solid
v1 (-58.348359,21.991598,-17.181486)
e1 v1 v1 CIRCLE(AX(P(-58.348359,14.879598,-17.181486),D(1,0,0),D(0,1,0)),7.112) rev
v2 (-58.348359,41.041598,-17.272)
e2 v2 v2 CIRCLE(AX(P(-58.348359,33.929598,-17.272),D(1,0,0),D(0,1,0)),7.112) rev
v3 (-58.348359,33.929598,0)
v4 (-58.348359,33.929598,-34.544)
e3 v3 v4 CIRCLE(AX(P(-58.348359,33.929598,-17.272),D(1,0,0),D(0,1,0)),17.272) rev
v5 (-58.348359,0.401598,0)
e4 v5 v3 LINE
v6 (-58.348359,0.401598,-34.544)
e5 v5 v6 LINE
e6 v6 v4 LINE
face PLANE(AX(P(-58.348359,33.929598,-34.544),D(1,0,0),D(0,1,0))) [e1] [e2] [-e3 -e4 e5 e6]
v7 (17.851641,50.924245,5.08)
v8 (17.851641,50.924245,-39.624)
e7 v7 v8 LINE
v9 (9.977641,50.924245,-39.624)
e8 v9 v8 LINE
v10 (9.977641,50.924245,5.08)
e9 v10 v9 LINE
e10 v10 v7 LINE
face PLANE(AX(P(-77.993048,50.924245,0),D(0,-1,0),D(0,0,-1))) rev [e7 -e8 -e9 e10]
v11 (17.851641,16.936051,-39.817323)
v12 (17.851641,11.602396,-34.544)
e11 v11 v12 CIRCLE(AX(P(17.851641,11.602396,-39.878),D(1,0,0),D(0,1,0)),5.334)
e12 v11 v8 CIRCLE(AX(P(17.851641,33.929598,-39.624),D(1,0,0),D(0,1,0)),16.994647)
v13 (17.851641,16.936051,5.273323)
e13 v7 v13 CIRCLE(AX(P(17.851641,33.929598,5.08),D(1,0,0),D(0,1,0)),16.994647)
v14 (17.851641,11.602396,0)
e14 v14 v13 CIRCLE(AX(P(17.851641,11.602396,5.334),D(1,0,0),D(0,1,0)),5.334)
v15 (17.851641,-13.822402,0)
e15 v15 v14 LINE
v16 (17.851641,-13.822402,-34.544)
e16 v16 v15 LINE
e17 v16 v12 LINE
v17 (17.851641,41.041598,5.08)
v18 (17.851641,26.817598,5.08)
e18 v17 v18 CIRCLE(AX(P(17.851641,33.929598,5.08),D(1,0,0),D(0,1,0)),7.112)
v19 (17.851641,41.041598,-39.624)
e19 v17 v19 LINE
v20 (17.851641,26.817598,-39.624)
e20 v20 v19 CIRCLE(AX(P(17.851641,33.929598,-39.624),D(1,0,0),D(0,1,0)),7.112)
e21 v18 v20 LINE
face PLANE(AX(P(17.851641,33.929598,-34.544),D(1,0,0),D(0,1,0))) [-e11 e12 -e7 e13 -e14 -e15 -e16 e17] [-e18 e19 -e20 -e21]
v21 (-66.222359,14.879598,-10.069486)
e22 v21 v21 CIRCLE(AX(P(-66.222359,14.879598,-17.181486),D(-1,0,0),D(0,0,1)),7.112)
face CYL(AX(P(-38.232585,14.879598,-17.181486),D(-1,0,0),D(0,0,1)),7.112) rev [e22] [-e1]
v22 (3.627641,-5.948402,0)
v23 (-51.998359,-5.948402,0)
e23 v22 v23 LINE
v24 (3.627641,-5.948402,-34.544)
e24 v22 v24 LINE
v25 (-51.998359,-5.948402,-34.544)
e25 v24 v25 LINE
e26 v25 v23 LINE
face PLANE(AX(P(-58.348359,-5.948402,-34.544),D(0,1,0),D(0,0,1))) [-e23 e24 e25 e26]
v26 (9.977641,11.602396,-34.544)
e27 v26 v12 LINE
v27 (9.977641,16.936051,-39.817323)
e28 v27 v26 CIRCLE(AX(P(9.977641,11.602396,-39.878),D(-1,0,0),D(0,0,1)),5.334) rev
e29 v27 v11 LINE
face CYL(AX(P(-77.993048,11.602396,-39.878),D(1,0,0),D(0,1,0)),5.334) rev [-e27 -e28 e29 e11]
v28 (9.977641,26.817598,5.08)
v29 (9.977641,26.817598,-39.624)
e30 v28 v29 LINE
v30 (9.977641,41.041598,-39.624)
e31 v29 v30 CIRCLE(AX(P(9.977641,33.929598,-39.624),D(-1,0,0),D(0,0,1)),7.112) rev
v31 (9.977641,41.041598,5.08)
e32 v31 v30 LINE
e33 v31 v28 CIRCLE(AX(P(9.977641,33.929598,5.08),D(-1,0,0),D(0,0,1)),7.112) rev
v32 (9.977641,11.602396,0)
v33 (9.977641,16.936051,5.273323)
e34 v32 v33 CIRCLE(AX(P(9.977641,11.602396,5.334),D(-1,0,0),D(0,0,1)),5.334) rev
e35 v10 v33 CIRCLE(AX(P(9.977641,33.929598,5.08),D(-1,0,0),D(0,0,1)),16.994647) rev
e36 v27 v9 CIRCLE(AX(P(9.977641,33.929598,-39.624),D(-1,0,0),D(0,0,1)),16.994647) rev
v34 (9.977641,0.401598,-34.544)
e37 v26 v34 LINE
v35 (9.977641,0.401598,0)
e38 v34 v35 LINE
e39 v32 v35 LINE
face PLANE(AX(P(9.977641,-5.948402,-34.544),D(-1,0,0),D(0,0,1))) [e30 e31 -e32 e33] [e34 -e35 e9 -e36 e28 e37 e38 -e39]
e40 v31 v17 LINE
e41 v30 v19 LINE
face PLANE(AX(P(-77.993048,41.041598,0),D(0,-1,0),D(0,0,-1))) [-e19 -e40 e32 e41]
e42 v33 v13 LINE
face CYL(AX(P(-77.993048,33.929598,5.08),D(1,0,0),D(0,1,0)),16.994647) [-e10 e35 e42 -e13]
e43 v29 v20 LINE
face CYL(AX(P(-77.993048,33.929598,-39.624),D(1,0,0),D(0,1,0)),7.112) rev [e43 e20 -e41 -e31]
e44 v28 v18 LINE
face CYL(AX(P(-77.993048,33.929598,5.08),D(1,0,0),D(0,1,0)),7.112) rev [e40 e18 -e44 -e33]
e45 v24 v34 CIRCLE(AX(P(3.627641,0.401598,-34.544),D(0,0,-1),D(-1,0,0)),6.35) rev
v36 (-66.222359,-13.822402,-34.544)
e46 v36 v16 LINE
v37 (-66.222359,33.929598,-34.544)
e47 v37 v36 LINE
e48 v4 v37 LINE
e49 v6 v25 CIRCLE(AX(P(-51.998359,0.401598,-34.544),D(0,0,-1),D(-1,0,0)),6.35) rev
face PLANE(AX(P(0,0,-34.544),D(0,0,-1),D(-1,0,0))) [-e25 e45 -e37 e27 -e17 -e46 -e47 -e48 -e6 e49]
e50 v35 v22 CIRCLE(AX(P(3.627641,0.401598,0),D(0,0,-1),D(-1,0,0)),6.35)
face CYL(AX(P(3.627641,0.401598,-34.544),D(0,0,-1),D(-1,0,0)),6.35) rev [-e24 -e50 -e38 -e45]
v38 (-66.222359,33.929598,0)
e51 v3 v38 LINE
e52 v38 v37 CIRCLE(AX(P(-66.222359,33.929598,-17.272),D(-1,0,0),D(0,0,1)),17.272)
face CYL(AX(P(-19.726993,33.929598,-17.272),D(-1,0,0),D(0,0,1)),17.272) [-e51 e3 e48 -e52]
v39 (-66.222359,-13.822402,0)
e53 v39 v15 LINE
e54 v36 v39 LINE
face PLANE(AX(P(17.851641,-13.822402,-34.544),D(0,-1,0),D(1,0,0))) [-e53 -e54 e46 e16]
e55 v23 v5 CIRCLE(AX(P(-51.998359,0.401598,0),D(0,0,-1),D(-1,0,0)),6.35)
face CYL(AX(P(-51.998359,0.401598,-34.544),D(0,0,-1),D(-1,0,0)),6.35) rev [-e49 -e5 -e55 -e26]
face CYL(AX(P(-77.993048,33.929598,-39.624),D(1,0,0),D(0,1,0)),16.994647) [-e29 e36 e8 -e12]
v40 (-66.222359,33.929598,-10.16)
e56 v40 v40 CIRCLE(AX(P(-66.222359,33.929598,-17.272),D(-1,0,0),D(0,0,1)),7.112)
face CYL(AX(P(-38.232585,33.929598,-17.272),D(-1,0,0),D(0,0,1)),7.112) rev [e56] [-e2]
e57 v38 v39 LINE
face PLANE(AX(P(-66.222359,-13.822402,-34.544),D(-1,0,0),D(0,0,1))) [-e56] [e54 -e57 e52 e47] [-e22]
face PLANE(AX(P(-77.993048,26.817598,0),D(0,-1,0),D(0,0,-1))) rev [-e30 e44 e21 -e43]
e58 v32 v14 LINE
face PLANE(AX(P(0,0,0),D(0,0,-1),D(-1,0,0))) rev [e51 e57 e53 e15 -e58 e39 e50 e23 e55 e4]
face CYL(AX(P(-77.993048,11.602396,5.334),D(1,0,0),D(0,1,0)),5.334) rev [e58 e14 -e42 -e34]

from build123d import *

# Parameters (mm, degrees)
BOSS_EXTRUDE1_DEPTH = 34.544
SKETCH2_R           = 7.112
CUT_EXTRUDE1_DEPTH  = 7.874
BOSS_EXTRUDE2_DEPTH = 7.874
BOSS_EXTRUDE3_DEPTH = 7.874
SKETCH3_3_W         = 34.544
SKETCH3_3_H         = 7.112
CUT_EXTRUDE2_DEPTH  = 34.544
FILLET1_R           = 6.35


with BuildPart() as part:
    # Sketch1 → Boss-Extrude1 (new body)
    with BuildSketch(Plane.XY):
        Polygon((-66.222358974, 33.929598007), (-58.348358974, 33.929598007), (-58.348358974, -5.948401993), (9.977641026, -5.948401993), (9.977641026, 33.929598007), (17.851641026, 33.929598007), (17.851641026, -13.822401993), (-66.222358974, -13.822401993), align=None)
    extrude(amount=-BOSS_EXTRUDE1_DEPTH)

    # Sketch2 → Cut-Extrude1 (cut)
    with BuildSketch(Plane.ZY.offset(66.222358974)):
        with Locations((-17.272, 33.929598007)):
            Circle(SKETCH2_R)
        with Locations((-17.181485908, 14.879598007)):
            Circle(SKETCH2_R)
    extrude(amount=-CUT_EXTRUDE1_DEPTH, mode=Mode.SUBTRACT)

    # Sketch2<3> → Boss-Extrude2 (add)
    with BuildSketch(Plane.ZY.offset(66.222358974)):
        with BuildLine():
            Line((-10.16, 33.929598007), (0, 33.929598007))
            ThreePointArc((0, 33.929598007), (-17.272, 51.201598007), (-34.544, 33.929598007))
            Line((-34.544, 33.929598007), (-24.384, 33.929598007))
            ThreePointArc((-24.384, 33.929598007), (-17.272, 41.041598007), (-10.16, 33.929598007))
        make_face()
    extrude(amount=-BOSS_EXTRUDE2_DEPTH)

    # Sketch3 → Boss-Extrude3 (add)
    with BuildSketch(Plane(origin=(17.851641026, 0, 0), x_dir=(0, 0, -1), z_dir=(1, 0, 0))):
        with BuildLine():
            ThreePointArc((-5.08, 16.93495131), (-5.176663199, 16.935226216), (-5.27332327, 16.936050924))
            ThreePointArc((-5.27332327, 16.936050924), (-1.540900629, 15.352589798), (0, 11.602396048))
            Line((0, 11.602396048), (0, 16.93495131))
            Line((0, 16.93495131), (-5.08, 16.93495131))
        make_face()
        with BuildLine():
            Line((39.624, 50.924244704), (-5.08, 50.924244704))
            ThreePointArc((-5.08, 50.924244704), (-22.074371791, 34.026261206), (-5.27332327, 16.936050924))
            ThreePointArc((-5.27332327, 16.936050924), (-5.176663199, 16.935226216), (-5.08, 16.93495131))
            Line((-5.08, 16.93495131), (0, 16.93495131))
            Line((0, 16.93495131), (0, 26.817598007))
            Line((0, 26.817598007), (-5.08, 26.817598007))
            ThreePointArc((-5.08, 26.817598007), (-12.192, 33.929598007), (-5.08, 41.041598007))
            Line((-5.08, 41.041598007), (39.624, 41.041598007))
            ThreePointArc((39.624, 41.041598007), (46.736, 33.929598007), (39.624, 26.817598007))
            Line((39.624, 26.817598007), (34.544, 26.817598007))
            Line((34.544, 26.817598007), (34.544, 16.93495131))
            Line((34.544, 16.93495131), (39.624, 16.93495131))
            ThreePointArc((39.624, 16.93495131), (39.72066289, 16.935226214), (39.817322653, 16.936050917))
            ThreePointArc((39.817322653, 16.936050917), (56.618371793, 34.026260897), (39.624, 50.924244704))
        make_face()
        with BuildLine():
            ThreePointArc((34.544, 11.602396048), (36.084900412, 15.352589578), (39.817322653, 16.936050917))
            ThreePointArc((39.817322653, 16.936050917), (39.72066289, 16.935226214), (39.624, 16.93495131))
            Line((39.624, 16.93495131), (34.544, 16.93495131))
            Line((34.544, 16.93495131), (34.544, 11.602396048))
        make_face()
    extrude(amount=-BOSS_EXTRUDE3_DEPTH)

    # Sketch3<3> → Cut-Extrude2 (cut)
    with BuildSketch(Plane(origin=(17.851641026, 0, 0), x_dir=(0, 0, -1), z_dir=(1, 0, 0))):
        with Locations((17.272, 30.373598007)):
            Rectangle(SKETCH3_3_W, SKETCH3_3_H)
    extrude(amount=-CUT_EXTRUDE2_DEPTH, mode=Mode.SUBTRACT)

    # Fillet1
    fillet1_edges = [part.edges().sort_by_distance(p)[0] for p in [
        (-58.348358974, -5.948401993, -17.272),
        (9.977641026, -5.948401993, -17.272),
    ]]
    fillet(fillet1_edges, radius=FILLET1_R)


solid = part.part
